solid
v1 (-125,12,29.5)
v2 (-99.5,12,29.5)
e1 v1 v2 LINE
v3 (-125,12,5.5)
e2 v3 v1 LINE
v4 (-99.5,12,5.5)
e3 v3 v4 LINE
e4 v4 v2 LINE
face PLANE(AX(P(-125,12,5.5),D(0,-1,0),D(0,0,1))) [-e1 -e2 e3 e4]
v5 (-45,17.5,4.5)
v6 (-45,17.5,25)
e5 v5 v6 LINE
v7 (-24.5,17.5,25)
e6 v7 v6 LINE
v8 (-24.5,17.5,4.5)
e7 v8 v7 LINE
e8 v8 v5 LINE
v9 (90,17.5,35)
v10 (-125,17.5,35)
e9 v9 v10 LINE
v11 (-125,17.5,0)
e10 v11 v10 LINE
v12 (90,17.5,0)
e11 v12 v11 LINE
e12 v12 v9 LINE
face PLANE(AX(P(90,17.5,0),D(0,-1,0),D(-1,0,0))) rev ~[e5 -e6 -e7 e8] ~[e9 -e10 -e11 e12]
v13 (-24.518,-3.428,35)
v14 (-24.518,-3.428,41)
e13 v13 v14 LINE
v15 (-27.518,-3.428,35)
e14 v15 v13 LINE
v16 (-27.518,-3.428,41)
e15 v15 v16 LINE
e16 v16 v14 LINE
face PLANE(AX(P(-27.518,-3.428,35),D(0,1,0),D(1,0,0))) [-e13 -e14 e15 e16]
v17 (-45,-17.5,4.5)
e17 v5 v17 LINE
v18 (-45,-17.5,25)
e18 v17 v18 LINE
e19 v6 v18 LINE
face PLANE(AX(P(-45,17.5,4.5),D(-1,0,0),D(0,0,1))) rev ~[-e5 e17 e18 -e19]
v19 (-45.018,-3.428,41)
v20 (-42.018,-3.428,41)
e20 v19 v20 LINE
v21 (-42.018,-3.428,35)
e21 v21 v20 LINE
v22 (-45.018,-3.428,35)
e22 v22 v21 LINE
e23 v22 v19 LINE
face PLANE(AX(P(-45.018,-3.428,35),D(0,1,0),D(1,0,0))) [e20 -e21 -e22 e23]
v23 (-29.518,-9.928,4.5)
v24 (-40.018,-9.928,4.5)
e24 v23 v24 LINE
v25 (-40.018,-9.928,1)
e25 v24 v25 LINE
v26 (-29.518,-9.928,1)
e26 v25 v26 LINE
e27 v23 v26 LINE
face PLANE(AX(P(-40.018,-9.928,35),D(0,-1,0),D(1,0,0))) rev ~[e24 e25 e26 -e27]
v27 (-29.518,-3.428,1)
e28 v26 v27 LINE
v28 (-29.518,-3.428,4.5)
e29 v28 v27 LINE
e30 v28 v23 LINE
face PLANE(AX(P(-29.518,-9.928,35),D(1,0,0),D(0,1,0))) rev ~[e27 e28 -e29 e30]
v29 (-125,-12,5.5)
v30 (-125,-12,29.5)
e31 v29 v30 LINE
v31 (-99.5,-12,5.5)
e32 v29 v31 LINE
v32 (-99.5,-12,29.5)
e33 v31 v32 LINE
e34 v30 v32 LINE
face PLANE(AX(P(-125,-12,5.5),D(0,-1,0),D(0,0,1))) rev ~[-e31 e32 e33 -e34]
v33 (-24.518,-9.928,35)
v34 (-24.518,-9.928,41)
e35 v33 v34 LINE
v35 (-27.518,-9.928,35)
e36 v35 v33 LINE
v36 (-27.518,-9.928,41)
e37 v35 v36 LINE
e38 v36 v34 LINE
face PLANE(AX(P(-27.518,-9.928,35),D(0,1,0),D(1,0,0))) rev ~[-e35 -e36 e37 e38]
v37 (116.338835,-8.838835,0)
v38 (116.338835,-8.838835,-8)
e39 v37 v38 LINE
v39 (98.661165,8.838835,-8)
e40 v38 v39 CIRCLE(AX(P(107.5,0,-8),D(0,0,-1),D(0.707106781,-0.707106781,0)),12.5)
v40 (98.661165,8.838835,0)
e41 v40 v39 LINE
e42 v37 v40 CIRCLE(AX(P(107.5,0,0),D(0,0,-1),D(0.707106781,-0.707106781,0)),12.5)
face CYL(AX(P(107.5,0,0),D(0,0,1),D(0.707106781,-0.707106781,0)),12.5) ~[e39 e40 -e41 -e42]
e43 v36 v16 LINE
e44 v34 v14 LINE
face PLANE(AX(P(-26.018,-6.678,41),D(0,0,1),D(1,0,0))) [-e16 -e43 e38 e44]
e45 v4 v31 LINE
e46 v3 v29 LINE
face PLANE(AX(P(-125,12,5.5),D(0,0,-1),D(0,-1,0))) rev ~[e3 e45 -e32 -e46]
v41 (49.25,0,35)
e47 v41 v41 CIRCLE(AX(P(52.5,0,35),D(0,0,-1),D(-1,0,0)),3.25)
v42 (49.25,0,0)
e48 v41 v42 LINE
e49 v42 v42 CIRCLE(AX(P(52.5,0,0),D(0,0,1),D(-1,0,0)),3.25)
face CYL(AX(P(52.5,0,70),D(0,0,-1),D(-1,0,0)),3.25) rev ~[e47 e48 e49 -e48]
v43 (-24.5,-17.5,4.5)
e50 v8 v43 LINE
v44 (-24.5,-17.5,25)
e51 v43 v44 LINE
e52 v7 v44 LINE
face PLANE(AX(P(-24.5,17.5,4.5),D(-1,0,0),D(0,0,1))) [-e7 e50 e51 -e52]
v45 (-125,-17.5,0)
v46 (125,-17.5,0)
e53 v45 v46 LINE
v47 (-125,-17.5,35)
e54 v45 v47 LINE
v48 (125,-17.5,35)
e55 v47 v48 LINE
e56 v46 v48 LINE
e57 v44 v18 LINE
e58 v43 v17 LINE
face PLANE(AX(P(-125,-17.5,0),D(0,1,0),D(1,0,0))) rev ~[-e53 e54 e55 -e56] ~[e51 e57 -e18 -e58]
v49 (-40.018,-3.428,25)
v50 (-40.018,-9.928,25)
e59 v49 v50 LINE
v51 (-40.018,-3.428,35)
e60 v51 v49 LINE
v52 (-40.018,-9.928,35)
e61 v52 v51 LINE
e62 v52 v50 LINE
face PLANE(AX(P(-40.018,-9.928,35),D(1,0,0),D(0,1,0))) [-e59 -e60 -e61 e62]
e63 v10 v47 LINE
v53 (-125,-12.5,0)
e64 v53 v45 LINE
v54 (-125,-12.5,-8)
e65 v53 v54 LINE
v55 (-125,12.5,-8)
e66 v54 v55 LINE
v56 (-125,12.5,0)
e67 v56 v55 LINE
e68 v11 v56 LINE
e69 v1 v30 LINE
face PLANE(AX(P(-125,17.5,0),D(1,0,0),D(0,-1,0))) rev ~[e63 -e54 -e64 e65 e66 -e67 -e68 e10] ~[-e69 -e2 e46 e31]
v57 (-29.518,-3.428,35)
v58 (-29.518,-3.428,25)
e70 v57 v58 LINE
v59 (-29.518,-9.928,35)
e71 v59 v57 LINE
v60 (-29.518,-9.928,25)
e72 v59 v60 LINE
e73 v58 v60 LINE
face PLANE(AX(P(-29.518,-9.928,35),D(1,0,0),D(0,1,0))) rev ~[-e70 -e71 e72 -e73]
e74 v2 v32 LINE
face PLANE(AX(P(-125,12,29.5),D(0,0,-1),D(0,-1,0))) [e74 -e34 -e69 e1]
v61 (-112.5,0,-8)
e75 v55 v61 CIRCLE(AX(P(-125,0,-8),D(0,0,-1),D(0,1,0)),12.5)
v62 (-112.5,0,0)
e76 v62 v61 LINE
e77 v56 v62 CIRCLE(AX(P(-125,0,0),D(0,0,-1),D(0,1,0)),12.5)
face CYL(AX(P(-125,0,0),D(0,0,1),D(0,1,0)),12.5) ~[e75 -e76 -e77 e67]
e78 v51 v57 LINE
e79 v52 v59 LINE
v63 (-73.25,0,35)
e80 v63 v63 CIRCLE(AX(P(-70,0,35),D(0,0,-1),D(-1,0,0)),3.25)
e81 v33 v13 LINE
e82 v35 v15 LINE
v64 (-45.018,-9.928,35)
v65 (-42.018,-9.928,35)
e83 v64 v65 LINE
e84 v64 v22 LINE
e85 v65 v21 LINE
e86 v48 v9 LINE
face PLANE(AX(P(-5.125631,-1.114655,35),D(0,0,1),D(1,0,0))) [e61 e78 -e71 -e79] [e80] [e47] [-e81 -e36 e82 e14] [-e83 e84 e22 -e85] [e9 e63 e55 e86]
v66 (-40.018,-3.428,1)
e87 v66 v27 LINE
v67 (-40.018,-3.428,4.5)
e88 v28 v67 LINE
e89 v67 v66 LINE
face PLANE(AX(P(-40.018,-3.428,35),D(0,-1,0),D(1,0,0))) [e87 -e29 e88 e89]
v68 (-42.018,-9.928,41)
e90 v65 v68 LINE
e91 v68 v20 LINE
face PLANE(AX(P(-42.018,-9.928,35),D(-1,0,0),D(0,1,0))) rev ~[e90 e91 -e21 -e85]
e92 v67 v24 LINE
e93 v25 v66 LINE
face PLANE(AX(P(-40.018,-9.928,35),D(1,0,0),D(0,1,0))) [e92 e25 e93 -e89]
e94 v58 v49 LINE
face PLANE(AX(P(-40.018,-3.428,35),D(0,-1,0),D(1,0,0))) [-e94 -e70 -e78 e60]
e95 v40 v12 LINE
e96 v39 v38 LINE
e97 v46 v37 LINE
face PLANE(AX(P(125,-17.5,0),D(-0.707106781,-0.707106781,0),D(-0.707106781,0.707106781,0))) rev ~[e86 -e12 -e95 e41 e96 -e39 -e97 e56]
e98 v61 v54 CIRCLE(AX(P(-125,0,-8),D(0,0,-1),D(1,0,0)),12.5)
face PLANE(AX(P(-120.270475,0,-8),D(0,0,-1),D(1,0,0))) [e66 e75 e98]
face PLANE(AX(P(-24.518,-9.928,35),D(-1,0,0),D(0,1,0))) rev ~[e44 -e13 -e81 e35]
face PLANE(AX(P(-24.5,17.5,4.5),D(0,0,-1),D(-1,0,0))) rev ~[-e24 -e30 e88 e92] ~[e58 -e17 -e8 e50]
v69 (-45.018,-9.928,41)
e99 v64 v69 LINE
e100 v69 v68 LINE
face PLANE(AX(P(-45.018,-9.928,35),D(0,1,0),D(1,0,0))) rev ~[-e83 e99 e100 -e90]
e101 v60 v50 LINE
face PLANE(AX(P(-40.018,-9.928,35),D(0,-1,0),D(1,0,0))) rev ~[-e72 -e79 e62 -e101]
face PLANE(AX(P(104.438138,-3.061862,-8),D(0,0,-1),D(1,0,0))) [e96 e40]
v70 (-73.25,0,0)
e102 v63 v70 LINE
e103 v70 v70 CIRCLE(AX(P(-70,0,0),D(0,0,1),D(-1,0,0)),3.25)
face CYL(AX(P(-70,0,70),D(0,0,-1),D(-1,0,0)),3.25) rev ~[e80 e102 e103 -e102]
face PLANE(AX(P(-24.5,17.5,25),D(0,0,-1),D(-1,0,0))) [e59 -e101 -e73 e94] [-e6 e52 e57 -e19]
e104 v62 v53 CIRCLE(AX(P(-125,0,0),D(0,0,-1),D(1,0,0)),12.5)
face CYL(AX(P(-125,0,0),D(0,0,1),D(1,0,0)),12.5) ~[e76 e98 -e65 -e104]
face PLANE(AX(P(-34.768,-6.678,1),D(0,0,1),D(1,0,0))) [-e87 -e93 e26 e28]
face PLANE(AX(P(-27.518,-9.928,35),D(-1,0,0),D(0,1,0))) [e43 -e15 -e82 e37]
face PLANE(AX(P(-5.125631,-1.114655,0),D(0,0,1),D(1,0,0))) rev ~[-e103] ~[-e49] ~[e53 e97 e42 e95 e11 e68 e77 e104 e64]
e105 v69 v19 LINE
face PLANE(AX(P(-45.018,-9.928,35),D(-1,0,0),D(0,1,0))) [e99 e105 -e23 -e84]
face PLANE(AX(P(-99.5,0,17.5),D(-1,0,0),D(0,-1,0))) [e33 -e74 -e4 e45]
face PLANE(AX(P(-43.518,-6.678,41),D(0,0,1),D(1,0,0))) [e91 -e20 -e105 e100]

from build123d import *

# Parameters (mm, degrees)
F1_DEPTH  = 35
F2_W      = 24
F2_H      = 24
F3_DEPTH  = 25.5
F5_D      = 6.5
F5_DEPTH  = 35
F5_TIP    = 1.9527970118
F7_DEPTH  = 8
F9_DEPTH  = 8
F10_W     = 20.5
F10_H     = 20.5
F11_DEPTH = 100
F12_W     = 10.5
F12_H     = 6.5
F13_DEPTH = 34
F12_W_2   = 3
F14_DEPTH = 6


with BuildPart() as f1:
    # F0 (on Top) → F1 (new body)
    with BuildSketch(Plane.XY):
        Polygon((-125, -17.5), (125, -17.5), (90, 17.5), (-125, 17.5), align=None)
    extrude(amount=F1_DEPTH)

    # F2 (on face) → F3 (cut)
    with BuildSketch(Plane(origin=(-125, 0, 0), x_dir=(0, -1, 0), z_dir=(-1, 0, 0))):
        with Locations((0, 17.5)):
            Rectangle(F2_W, F2_H)
    extrude(amount=-F3_DEPTH, mode=Mode.SUBTRACT)

    # F5
    with Locations(Plane.XY.offset(35)):
        with Locations((52.5, 0), (-70, 0)):
            Hole(F5_D / 2, depth=F5_DEPTH)
            with Locations((0, 0, -(F5_DEPTH + F5_TIP / 2))):  # 118° drill point
                Cone(0, F5_D / 2, F5_TIP, mode=Mode.SUBTRACT)

    # F6 (on face) → F7 (join)
    with BuildSketch(Plane(origin=(0, 0, 0), x_dir=(1, 0, 0), z_dir=(0, 0, -1))):
        with BuildLine():
            Line((98.6611652352, -8.8388347648), (116.3388347648, 8.8388347648))
            ThreePointArc((116.3388347648, 8.8388347648), (98.6611652352, 8.8388347648), (98.6611652352, -8.8388347648))
        make_face()
    extrude(amount=F7_DEPTH)

    # F8 (on face) → F9 (join)
    with BuildSketch(Plane(origin=(0, 0, 0), x_dir=(1, 0, 0), z_dir=(0, 0, -1))):
        with BuildLine():
            ThreePointArc((-125, -12.5), (-116.1611652352, -8.8388347648), (-112.5, 0))
            ThreePointArc((-112.5, 0), (-116.1611652352, 8.8388347648), (-125, 12.5))
            Line((-125, 12.5), (-125, -12.5))
        make_face()
    extrude(amount=F9_DEPTH)

    # F10 (on face) → F11 (cut)
    with BuildSketch(Plane(origin=(0, 17.5, 0), x_dir=(-1, 0, 0), z_dir=(0, 1, 0))):
        with Locations((34.75, 14.75)):
            Rectangle(F10_W, F10_H)
    extrude(amount=-F11_DEPTH, mode=Mode.SUBTRACT)

    # F12 (on face) → F13 (cut)
    with BuildSketch(Plane.XY.offset(35)):
        with Locations((-34.768, -6.678)):
            Rectangle(F12_W, F12_H)
    extrude(amount=-F13_DEPTH, mode=Mode.SUBTRACT)

    # F12 (on face) → F14 (join)
    with BuildSketch(Plane.XY.offset(35)):
        with Locations((-26.018, -6.678)):
            Rectangle(F12_W_2, F12_H)
        with Locations((-43.518, -6.678)):
            Rectangle(F12_W_2, F12_H)
    extrude(amount=F14_DEPTH)


solid = f1.part
